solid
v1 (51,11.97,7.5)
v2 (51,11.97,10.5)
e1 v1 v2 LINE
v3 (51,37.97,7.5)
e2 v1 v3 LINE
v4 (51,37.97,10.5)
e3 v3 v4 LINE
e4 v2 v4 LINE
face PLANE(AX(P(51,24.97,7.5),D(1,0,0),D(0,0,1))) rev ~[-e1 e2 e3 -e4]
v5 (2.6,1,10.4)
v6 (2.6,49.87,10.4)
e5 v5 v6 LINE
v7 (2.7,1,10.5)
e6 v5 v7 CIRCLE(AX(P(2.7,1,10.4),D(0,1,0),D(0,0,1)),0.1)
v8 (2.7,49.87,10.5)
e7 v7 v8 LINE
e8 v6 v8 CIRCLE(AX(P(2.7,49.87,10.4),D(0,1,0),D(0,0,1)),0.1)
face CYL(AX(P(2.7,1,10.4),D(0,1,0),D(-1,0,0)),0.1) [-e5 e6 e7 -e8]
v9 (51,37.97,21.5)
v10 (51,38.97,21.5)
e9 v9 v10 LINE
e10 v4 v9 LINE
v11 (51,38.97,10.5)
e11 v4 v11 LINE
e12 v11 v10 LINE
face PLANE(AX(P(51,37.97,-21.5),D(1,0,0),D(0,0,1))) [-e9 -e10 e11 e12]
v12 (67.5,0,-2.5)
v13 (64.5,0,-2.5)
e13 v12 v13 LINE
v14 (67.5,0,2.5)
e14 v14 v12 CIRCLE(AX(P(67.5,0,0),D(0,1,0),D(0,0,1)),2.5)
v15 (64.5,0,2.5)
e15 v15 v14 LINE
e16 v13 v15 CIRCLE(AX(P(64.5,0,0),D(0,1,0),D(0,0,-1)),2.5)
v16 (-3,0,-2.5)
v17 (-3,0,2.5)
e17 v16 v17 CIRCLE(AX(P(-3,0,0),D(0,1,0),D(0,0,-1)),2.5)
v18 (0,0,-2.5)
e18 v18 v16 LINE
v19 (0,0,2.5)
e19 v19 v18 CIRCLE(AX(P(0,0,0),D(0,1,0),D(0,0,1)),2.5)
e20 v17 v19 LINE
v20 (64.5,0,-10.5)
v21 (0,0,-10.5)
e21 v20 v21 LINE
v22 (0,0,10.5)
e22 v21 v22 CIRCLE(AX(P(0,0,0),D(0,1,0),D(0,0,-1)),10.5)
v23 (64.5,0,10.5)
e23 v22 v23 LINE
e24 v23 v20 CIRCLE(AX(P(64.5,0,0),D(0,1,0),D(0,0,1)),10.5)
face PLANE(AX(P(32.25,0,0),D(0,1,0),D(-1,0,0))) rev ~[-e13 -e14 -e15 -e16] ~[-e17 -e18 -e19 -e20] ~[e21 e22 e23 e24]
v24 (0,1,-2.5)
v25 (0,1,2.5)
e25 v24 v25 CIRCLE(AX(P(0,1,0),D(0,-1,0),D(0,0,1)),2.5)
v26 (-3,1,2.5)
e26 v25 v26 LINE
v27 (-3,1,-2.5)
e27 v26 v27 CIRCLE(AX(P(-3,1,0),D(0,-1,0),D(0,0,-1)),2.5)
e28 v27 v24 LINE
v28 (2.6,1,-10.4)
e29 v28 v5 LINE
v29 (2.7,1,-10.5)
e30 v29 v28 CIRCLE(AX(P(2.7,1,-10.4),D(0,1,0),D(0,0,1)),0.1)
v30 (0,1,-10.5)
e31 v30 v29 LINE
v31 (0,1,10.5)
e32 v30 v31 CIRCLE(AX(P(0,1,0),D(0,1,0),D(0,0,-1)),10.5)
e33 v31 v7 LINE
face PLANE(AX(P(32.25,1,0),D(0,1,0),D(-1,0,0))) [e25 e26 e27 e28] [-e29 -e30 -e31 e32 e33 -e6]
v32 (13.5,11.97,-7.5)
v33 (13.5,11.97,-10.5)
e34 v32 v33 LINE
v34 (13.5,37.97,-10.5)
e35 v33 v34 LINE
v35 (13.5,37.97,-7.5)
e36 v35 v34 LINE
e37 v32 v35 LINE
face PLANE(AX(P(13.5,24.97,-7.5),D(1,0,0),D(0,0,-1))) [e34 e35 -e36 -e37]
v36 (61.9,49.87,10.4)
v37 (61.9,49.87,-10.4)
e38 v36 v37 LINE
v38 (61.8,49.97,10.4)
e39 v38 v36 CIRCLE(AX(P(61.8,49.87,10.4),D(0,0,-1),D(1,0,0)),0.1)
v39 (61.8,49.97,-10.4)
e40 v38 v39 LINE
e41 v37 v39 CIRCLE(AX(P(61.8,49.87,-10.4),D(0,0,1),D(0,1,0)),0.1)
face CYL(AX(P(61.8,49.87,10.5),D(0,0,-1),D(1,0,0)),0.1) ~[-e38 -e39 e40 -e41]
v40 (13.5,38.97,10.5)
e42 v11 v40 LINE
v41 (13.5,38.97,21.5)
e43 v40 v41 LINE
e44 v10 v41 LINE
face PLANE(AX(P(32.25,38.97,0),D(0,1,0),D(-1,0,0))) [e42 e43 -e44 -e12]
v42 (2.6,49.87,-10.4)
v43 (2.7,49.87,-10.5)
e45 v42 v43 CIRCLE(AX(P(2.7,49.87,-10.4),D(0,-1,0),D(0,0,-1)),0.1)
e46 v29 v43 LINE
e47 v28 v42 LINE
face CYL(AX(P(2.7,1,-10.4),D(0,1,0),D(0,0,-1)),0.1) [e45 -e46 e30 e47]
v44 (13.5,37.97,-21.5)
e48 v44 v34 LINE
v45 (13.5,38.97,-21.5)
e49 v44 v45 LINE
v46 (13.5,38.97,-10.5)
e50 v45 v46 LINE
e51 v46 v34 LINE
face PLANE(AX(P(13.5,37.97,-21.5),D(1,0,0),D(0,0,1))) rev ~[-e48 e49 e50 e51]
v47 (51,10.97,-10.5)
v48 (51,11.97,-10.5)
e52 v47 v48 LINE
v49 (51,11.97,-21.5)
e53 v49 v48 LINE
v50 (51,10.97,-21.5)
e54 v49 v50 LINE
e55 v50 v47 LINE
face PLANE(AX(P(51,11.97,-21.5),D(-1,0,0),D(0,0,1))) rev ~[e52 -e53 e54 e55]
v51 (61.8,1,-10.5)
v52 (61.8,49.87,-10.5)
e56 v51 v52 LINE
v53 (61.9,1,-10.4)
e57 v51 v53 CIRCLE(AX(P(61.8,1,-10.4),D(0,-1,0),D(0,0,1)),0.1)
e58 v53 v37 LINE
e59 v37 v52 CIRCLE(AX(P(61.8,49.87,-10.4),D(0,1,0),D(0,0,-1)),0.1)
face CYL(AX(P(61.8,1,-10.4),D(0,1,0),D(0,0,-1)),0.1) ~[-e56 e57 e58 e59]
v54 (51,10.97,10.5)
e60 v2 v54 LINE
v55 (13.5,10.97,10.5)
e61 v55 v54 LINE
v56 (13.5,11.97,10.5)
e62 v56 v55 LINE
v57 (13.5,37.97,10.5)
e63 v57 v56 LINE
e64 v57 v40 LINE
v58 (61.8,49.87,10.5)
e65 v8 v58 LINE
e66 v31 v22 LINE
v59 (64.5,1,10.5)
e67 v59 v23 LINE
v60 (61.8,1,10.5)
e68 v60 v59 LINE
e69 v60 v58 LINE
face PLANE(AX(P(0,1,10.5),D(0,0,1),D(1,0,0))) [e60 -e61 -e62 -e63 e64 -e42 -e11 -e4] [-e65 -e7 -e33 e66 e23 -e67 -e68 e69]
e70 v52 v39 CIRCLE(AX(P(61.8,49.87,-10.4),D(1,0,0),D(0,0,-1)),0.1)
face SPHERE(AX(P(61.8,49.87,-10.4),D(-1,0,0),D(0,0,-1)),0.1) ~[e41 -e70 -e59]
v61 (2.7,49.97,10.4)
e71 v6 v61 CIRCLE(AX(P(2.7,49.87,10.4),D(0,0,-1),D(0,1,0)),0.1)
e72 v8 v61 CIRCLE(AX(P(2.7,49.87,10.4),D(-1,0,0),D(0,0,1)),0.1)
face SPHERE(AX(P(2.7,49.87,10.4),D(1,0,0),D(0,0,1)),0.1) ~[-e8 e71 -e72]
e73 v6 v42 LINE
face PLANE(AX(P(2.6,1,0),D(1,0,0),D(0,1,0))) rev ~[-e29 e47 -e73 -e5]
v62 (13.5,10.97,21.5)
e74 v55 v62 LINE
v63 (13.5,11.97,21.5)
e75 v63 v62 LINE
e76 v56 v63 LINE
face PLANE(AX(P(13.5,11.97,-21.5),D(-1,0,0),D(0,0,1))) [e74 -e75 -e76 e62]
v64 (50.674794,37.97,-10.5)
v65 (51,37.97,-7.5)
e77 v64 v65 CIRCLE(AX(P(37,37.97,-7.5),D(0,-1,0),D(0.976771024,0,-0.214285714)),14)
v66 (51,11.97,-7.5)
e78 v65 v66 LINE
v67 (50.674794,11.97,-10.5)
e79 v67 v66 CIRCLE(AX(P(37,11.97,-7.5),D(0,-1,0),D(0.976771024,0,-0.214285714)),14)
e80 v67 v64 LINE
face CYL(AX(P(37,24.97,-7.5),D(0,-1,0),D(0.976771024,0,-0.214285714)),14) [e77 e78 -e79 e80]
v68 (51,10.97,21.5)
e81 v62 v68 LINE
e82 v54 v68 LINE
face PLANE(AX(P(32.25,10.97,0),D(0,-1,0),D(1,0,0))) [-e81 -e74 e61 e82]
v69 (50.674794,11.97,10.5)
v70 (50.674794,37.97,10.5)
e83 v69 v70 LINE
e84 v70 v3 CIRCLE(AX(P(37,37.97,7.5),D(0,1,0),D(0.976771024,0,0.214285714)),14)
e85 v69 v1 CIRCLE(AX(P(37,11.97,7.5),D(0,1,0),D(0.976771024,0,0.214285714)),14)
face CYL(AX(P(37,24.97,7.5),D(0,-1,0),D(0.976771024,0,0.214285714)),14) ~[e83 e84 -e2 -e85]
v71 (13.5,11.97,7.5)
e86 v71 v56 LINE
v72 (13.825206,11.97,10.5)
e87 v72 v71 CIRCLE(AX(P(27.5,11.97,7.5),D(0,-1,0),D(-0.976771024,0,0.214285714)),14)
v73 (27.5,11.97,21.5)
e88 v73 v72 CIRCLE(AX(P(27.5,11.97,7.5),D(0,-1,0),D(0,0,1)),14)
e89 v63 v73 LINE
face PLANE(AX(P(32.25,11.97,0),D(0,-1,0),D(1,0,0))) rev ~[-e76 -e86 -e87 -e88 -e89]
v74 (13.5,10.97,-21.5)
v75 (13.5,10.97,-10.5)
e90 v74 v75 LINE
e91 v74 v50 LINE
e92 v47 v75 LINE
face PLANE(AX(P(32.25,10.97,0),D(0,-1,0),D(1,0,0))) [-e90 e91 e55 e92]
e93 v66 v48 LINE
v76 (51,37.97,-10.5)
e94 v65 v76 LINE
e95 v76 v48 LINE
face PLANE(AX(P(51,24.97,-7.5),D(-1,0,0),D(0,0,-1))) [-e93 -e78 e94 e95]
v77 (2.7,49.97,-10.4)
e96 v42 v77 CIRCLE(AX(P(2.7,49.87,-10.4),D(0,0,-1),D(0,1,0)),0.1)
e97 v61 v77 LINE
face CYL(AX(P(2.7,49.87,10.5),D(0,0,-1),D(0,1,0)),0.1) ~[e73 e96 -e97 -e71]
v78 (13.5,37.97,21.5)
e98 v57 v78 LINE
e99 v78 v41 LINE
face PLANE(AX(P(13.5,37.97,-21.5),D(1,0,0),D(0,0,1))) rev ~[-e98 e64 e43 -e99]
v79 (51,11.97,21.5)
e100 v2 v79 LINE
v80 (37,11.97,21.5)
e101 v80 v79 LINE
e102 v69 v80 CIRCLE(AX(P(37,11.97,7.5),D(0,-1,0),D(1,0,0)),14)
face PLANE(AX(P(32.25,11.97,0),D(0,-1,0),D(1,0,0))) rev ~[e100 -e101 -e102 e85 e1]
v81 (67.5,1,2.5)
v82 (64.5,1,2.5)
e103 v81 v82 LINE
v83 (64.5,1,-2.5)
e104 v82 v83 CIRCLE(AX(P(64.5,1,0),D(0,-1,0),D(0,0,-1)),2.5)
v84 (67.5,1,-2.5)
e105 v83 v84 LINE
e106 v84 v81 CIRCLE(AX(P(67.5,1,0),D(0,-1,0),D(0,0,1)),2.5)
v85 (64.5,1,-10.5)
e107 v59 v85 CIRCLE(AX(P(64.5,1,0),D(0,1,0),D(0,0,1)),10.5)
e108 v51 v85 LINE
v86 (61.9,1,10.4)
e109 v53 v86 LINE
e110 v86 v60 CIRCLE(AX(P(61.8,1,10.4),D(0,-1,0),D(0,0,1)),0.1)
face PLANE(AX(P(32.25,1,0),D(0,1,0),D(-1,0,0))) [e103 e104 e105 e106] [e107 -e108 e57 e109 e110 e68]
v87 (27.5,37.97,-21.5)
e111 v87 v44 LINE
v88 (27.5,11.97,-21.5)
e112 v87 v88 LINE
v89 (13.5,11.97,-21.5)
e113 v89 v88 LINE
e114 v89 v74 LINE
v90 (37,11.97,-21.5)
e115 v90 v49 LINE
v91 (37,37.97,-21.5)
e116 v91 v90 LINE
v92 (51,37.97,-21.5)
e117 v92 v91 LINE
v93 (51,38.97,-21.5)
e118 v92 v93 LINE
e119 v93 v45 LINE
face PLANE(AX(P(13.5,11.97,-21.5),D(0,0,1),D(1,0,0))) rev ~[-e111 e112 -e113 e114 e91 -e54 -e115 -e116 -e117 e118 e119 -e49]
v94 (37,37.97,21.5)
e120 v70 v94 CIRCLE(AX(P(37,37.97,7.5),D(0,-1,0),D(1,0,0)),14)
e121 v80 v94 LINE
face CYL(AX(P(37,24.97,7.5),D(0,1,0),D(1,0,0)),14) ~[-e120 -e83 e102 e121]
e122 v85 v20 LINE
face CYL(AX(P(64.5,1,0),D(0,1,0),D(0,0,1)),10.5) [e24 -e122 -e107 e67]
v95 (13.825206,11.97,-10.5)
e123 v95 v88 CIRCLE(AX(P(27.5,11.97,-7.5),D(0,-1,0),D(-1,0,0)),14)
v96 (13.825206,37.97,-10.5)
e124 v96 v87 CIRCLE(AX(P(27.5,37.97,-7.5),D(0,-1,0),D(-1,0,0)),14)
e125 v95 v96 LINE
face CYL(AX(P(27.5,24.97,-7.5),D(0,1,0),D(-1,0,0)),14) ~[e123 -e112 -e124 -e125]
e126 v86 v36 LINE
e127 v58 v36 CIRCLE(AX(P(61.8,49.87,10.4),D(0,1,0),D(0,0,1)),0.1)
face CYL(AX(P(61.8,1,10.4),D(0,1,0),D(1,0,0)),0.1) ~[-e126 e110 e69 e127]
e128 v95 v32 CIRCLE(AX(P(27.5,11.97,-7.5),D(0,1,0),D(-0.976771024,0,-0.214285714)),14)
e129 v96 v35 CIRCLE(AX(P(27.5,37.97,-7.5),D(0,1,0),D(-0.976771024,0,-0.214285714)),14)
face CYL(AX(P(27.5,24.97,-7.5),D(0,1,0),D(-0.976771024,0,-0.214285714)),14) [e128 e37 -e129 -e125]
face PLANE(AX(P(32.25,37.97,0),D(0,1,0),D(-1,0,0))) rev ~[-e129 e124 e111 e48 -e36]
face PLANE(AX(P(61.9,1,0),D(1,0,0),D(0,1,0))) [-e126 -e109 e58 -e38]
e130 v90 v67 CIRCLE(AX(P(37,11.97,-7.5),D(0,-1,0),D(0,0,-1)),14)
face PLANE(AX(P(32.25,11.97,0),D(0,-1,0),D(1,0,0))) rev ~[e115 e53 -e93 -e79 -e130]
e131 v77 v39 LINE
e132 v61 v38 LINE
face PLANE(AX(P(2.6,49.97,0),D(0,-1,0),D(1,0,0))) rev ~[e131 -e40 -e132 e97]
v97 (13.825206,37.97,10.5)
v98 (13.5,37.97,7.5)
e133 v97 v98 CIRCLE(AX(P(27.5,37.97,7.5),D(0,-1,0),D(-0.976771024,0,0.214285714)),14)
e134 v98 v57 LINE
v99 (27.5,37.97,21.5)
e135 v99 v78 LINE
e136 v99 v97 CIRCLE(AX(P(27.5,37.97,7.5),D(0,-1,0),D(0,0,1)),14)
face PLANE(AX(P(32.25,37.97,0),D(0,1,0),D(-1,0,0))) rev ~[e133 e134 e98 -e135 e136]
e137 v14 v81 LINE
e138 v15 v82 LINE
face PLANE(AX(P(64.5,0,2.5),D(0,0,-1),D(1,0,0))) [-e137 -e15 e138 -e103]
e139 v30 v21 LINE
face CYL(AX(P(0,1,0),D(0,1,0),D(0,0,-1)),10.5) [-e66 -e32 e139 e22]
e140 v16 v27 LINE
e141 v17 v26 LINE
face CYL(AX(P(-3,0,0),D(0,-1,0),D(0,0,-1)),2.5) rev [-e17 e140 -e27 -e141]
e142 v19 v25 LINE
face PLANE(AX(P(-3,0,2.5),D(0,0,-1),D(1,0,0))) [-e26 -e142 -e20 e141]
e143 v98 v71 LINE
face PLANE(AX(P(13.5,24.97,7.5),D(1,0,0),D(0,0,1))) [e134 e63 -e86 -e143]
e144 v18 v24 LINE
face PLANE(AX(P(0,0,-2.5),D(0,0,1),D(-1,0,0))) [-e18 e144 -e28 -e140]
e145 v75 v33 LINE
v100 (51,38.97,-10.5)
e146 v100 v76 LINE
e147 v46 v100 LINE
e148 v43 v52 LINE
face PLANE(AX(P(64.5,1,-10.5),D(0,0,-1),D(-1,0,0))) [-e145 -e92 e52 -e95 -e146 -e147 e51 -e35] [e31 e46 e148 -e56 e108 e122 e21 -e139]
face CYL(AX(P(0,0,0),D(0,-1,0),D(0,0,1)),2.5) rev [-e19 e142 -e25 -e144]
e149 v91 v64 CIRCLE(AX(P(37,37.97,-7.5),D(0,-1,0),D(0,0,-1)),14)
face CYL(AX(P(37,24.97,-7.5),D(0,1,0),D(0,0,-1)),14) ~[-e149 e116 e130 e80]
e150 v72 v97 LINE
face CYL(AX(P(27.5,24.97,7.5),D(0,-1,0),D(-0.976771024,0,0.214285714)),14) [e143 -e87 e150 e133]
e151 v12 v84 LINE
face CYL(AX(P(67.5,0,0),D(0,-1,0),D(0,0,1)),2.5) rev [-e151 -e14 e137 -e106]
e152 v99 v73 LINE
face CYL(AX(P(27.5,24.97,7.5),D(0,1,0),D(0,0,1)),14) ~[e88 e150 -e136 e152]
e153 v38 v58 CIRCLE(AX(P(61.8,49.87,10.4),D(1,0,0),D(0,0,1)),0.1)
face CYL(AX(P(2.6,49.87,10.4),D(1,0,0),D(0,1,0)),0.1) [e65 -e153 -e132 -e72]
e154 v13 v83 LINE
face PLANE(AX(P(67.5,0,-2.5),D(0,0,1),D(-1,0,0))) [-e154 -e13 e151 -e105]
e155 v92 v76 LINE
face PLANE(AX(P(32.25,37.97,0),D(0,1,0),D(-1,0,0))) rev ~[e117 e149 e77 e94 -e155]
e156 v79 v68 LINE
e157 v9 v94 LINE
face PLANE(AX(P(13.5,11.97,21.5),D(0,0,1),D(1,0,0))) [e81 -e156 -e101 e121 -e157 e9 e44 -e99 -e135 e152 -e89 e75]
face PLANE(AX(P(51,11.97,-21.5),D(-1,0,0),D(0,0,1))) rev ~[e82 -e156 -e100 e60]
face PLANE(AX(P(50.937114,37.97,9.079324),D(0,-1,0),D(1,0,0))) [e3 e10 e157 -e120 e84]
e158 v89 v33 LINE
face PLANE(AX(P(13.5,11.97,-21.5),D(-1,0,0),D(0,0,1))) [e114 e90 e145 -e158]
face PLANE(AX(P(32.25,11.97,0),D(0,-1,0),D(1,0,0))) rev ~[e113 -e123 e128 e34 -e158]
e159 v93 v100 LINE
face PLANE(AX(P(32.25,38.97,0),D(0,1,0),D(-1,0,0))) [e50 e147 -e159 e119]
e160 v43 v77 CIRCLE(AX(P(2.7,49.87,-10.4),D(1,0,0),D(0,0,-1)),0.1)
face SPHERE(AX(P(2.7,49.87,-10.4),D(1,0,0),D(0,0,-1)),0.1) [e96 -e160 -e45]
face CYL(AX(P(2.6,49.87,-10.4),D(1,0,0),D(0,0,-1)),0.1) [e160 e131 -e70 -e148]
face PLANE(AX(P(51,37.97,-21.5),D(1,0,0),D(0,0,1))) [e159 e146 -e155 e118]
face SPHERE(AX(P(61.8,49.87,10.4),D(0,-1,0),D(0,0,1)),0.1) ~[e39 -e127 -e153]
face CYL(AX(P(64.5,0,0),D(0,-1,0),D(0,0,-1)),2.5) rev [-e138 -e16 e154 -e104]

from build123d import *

# Parameters (mm, degrees)
SKETCH1_W           = 59.3
SKETCH1_H           = 48.97
BASE_EXTRUDE_DEPTH  = 10.5
BOSS_EXTRUDE1_DEPTH = 1
CUT_EXTRUDE1_DEPTH  = 10
BOSS_EXTRUDE2_DEPTH = 13
CUT_EXTRUDE2_DEPTH  = 13
SKETCH6_W           = 37.5
SKETCH6_H           = 43
BOSS_EXTRUDE3_DEPTH = 1
SKETCH7_W           = 37.5
SKETCH7_H           = 43
BOSS_EXTRUDE4_DEPTH = 1
FILLET1_R           = 0.1


with BuildPart() as part:
    # Sketch1 → Base-Extrude (new body, symmetric)
    with BuildSketch(Plane.XY):
        with Locations((32.25, 25.485)):
            Rectangle(SKETCH1_W, SKETCH1_H)
    extrude(amount=BASE_EXTRUDE_DEPTH, both=True)

    # Sketch2 → Boss-Extrude1 (add)
    with BuildSketch(Plane.XZ.offset(-1)):
        with BuildLine():
            Line((0, 10.5), (64.5, 10.5))
            ThreePointArc((64.5, 10.5), (75, 0), (64.5, -10.5))
            Line((64.5, -10.5), (0, -10.5))
            ThreePointArc((0, -10.5), (-10.5, 0), (0, 10.5))
        make_face()
    extrude(amount=BOSS_EXTRUDE1_DEPTH)

    # Sketch3 → Cut-Extrude1 (cut)
    with BuildSketch(Plane.XZ):
        with BuildLine():
            Line((64.5, 2.5), (67.5, 2.5))
            ThreePointArc((67.5, 2.5), (70, 0), (67.5, -2.5))
            Line((67.5, -2.5), (64.5, -2.5))
            ThreePointArc((64.5, -2.5), (62, 0), (64.5, 2.5))
        make_face()
        with BuildLine():
            Line((-3, 2.5), (0, 2.5))
            ThreePointArc((0, 2.5), (2.5, 0), (0, -2.5))
            Line((0, -2.5), (-3, -2.5))
            ThreePointArc((-3, -2.5), (-5.5, 0), (-3, 2.5))
        make_face()
    extrude(amount=-CUT_EXTRUDE1_DEPTH, mode=Mode.SUBTRACT)

    # Sketch4 → Boss-Extrude2 (add, symmetric)
    with BuildSketch(Plane(origin=(0, 24.97, 0), x_dir=(-1, 0, 0), z_dir=(0, 1, 0))):
        with BuildLine():
            Line((-37, 21.5), (-27.5, 21.5))
            ThreePointArc((-27.5, 21.5), (-17.600505063, 17.399494937), (-13.5, 7.5))
            Line((-13.5, 7.5), (-13.5, -7.5))
            ThreePointArc((-13.5, -7.5), (-17.600505063, -17.399494937), (-27.5, -21.5))
            Line((-27.5, -21.5), (-37, -21.5))
            ThreePointArc((-37, -21.5), (-46.899494937, -17.399494937), (-51, -7.5))
            Line((-51, -7.5), (-51, 7.5))
            ThreePointArc((-51, 7.5), (-46.899494937, 17.399494937), (-37, 21.5))
        make_face()
    extrude(amount=BOSS_EXTRUDE2_DEPTH, both=True)

    # Sketch5 → Cut-Extrude2 (cut, symmetric)
    with BuildSketch(Plane(origin=(0, 24.97, 0), x_dir=(-1, 0, 0), z_dir=(0, 1, 0))):
        with BuildLine():
            Line((-13.5, 10.5), (-13.825205669, 10.5))
            ThreePointArc((-13.825205669, 10.5), (-13.581538867, 9.008787487), (-13.5, 7.5))
            Line((-13.5, 7.5), (-13.5, 10.5))
        make_face()
        with BuildLine():
            Line((-51, 10.5), (-50.674794331, 10.5))
            ThreePointArc((-50.674794331, 10.5), (-50.918461133, 9.008787487), (-51, 7.5))
            Line((-51, 7.5), (-51, 10.5))
        make_face()
        with BuildLine():
            Line((-51, -10.5), (-50.674794331, -10.5))
            ThreePointArc((-50.674794331, -10.5), (-50.918461133, -9.008787487), (-51, -7.5))
            Line((-51, -7.5), (-51, -10.5))
        make_face()
        with BuildLine():
            Line((-13.5, -10.5), (-13.825205669, -10.5))
            ThreePointArc((-13.825205669, -10.5), (-13.581538867, -9.008787487), (-13.5, -7.5))
            Line((-13.5, -7.5), (-13.5, -10.5))
        make_face()
    extrude(amount=CUT_EXTRUDE2_DEPTH, both=True, mode=Mode.SUBTRACT)

    # Sketch6 → Boss-Extrude3 (add)
    with BuildSketch(Plane(origin=(0, 37.97, 0), x_dir=(-1, 0, 0), z_dir=(0, 1, 0))):
        with Locations((-32.25, 0)):
            Rectangle(SKETCH6_W, SKETCH6_H)
    extrude(amount=BOSS_EXTRUDE3_DEPTH)

    # Sketch7 → Boss-Extrude4 (add)
    with BuildSketch(Plane.XZ.offset(-11.97)):
        with Locations((32.25, 0)):
            Rectangle(SKETCH7_W, SKETCH7_H)
    extrude(amount=BOSS_EXTRUDE4_DEPTH)

    # Fillet1
    fillet1_edges = [part.edges().sort_by_distance(p)[0] for p in [
        (61.9, 25.485, 10.5),
        (32.25, 49.97, 10.5),
        (2.6, 25.485, 10.5),
        (32.25, 49.97, -10.5),
        (61.9, 25.485, -10.5),
        (2.6, 25.485, -10.5),
        (2.6, 49.97, 0),
        (61.9, 49.97, 0),
    ]]
    fillet(fillet1_edges, radius=FILLET1_R)


solid = part.part
